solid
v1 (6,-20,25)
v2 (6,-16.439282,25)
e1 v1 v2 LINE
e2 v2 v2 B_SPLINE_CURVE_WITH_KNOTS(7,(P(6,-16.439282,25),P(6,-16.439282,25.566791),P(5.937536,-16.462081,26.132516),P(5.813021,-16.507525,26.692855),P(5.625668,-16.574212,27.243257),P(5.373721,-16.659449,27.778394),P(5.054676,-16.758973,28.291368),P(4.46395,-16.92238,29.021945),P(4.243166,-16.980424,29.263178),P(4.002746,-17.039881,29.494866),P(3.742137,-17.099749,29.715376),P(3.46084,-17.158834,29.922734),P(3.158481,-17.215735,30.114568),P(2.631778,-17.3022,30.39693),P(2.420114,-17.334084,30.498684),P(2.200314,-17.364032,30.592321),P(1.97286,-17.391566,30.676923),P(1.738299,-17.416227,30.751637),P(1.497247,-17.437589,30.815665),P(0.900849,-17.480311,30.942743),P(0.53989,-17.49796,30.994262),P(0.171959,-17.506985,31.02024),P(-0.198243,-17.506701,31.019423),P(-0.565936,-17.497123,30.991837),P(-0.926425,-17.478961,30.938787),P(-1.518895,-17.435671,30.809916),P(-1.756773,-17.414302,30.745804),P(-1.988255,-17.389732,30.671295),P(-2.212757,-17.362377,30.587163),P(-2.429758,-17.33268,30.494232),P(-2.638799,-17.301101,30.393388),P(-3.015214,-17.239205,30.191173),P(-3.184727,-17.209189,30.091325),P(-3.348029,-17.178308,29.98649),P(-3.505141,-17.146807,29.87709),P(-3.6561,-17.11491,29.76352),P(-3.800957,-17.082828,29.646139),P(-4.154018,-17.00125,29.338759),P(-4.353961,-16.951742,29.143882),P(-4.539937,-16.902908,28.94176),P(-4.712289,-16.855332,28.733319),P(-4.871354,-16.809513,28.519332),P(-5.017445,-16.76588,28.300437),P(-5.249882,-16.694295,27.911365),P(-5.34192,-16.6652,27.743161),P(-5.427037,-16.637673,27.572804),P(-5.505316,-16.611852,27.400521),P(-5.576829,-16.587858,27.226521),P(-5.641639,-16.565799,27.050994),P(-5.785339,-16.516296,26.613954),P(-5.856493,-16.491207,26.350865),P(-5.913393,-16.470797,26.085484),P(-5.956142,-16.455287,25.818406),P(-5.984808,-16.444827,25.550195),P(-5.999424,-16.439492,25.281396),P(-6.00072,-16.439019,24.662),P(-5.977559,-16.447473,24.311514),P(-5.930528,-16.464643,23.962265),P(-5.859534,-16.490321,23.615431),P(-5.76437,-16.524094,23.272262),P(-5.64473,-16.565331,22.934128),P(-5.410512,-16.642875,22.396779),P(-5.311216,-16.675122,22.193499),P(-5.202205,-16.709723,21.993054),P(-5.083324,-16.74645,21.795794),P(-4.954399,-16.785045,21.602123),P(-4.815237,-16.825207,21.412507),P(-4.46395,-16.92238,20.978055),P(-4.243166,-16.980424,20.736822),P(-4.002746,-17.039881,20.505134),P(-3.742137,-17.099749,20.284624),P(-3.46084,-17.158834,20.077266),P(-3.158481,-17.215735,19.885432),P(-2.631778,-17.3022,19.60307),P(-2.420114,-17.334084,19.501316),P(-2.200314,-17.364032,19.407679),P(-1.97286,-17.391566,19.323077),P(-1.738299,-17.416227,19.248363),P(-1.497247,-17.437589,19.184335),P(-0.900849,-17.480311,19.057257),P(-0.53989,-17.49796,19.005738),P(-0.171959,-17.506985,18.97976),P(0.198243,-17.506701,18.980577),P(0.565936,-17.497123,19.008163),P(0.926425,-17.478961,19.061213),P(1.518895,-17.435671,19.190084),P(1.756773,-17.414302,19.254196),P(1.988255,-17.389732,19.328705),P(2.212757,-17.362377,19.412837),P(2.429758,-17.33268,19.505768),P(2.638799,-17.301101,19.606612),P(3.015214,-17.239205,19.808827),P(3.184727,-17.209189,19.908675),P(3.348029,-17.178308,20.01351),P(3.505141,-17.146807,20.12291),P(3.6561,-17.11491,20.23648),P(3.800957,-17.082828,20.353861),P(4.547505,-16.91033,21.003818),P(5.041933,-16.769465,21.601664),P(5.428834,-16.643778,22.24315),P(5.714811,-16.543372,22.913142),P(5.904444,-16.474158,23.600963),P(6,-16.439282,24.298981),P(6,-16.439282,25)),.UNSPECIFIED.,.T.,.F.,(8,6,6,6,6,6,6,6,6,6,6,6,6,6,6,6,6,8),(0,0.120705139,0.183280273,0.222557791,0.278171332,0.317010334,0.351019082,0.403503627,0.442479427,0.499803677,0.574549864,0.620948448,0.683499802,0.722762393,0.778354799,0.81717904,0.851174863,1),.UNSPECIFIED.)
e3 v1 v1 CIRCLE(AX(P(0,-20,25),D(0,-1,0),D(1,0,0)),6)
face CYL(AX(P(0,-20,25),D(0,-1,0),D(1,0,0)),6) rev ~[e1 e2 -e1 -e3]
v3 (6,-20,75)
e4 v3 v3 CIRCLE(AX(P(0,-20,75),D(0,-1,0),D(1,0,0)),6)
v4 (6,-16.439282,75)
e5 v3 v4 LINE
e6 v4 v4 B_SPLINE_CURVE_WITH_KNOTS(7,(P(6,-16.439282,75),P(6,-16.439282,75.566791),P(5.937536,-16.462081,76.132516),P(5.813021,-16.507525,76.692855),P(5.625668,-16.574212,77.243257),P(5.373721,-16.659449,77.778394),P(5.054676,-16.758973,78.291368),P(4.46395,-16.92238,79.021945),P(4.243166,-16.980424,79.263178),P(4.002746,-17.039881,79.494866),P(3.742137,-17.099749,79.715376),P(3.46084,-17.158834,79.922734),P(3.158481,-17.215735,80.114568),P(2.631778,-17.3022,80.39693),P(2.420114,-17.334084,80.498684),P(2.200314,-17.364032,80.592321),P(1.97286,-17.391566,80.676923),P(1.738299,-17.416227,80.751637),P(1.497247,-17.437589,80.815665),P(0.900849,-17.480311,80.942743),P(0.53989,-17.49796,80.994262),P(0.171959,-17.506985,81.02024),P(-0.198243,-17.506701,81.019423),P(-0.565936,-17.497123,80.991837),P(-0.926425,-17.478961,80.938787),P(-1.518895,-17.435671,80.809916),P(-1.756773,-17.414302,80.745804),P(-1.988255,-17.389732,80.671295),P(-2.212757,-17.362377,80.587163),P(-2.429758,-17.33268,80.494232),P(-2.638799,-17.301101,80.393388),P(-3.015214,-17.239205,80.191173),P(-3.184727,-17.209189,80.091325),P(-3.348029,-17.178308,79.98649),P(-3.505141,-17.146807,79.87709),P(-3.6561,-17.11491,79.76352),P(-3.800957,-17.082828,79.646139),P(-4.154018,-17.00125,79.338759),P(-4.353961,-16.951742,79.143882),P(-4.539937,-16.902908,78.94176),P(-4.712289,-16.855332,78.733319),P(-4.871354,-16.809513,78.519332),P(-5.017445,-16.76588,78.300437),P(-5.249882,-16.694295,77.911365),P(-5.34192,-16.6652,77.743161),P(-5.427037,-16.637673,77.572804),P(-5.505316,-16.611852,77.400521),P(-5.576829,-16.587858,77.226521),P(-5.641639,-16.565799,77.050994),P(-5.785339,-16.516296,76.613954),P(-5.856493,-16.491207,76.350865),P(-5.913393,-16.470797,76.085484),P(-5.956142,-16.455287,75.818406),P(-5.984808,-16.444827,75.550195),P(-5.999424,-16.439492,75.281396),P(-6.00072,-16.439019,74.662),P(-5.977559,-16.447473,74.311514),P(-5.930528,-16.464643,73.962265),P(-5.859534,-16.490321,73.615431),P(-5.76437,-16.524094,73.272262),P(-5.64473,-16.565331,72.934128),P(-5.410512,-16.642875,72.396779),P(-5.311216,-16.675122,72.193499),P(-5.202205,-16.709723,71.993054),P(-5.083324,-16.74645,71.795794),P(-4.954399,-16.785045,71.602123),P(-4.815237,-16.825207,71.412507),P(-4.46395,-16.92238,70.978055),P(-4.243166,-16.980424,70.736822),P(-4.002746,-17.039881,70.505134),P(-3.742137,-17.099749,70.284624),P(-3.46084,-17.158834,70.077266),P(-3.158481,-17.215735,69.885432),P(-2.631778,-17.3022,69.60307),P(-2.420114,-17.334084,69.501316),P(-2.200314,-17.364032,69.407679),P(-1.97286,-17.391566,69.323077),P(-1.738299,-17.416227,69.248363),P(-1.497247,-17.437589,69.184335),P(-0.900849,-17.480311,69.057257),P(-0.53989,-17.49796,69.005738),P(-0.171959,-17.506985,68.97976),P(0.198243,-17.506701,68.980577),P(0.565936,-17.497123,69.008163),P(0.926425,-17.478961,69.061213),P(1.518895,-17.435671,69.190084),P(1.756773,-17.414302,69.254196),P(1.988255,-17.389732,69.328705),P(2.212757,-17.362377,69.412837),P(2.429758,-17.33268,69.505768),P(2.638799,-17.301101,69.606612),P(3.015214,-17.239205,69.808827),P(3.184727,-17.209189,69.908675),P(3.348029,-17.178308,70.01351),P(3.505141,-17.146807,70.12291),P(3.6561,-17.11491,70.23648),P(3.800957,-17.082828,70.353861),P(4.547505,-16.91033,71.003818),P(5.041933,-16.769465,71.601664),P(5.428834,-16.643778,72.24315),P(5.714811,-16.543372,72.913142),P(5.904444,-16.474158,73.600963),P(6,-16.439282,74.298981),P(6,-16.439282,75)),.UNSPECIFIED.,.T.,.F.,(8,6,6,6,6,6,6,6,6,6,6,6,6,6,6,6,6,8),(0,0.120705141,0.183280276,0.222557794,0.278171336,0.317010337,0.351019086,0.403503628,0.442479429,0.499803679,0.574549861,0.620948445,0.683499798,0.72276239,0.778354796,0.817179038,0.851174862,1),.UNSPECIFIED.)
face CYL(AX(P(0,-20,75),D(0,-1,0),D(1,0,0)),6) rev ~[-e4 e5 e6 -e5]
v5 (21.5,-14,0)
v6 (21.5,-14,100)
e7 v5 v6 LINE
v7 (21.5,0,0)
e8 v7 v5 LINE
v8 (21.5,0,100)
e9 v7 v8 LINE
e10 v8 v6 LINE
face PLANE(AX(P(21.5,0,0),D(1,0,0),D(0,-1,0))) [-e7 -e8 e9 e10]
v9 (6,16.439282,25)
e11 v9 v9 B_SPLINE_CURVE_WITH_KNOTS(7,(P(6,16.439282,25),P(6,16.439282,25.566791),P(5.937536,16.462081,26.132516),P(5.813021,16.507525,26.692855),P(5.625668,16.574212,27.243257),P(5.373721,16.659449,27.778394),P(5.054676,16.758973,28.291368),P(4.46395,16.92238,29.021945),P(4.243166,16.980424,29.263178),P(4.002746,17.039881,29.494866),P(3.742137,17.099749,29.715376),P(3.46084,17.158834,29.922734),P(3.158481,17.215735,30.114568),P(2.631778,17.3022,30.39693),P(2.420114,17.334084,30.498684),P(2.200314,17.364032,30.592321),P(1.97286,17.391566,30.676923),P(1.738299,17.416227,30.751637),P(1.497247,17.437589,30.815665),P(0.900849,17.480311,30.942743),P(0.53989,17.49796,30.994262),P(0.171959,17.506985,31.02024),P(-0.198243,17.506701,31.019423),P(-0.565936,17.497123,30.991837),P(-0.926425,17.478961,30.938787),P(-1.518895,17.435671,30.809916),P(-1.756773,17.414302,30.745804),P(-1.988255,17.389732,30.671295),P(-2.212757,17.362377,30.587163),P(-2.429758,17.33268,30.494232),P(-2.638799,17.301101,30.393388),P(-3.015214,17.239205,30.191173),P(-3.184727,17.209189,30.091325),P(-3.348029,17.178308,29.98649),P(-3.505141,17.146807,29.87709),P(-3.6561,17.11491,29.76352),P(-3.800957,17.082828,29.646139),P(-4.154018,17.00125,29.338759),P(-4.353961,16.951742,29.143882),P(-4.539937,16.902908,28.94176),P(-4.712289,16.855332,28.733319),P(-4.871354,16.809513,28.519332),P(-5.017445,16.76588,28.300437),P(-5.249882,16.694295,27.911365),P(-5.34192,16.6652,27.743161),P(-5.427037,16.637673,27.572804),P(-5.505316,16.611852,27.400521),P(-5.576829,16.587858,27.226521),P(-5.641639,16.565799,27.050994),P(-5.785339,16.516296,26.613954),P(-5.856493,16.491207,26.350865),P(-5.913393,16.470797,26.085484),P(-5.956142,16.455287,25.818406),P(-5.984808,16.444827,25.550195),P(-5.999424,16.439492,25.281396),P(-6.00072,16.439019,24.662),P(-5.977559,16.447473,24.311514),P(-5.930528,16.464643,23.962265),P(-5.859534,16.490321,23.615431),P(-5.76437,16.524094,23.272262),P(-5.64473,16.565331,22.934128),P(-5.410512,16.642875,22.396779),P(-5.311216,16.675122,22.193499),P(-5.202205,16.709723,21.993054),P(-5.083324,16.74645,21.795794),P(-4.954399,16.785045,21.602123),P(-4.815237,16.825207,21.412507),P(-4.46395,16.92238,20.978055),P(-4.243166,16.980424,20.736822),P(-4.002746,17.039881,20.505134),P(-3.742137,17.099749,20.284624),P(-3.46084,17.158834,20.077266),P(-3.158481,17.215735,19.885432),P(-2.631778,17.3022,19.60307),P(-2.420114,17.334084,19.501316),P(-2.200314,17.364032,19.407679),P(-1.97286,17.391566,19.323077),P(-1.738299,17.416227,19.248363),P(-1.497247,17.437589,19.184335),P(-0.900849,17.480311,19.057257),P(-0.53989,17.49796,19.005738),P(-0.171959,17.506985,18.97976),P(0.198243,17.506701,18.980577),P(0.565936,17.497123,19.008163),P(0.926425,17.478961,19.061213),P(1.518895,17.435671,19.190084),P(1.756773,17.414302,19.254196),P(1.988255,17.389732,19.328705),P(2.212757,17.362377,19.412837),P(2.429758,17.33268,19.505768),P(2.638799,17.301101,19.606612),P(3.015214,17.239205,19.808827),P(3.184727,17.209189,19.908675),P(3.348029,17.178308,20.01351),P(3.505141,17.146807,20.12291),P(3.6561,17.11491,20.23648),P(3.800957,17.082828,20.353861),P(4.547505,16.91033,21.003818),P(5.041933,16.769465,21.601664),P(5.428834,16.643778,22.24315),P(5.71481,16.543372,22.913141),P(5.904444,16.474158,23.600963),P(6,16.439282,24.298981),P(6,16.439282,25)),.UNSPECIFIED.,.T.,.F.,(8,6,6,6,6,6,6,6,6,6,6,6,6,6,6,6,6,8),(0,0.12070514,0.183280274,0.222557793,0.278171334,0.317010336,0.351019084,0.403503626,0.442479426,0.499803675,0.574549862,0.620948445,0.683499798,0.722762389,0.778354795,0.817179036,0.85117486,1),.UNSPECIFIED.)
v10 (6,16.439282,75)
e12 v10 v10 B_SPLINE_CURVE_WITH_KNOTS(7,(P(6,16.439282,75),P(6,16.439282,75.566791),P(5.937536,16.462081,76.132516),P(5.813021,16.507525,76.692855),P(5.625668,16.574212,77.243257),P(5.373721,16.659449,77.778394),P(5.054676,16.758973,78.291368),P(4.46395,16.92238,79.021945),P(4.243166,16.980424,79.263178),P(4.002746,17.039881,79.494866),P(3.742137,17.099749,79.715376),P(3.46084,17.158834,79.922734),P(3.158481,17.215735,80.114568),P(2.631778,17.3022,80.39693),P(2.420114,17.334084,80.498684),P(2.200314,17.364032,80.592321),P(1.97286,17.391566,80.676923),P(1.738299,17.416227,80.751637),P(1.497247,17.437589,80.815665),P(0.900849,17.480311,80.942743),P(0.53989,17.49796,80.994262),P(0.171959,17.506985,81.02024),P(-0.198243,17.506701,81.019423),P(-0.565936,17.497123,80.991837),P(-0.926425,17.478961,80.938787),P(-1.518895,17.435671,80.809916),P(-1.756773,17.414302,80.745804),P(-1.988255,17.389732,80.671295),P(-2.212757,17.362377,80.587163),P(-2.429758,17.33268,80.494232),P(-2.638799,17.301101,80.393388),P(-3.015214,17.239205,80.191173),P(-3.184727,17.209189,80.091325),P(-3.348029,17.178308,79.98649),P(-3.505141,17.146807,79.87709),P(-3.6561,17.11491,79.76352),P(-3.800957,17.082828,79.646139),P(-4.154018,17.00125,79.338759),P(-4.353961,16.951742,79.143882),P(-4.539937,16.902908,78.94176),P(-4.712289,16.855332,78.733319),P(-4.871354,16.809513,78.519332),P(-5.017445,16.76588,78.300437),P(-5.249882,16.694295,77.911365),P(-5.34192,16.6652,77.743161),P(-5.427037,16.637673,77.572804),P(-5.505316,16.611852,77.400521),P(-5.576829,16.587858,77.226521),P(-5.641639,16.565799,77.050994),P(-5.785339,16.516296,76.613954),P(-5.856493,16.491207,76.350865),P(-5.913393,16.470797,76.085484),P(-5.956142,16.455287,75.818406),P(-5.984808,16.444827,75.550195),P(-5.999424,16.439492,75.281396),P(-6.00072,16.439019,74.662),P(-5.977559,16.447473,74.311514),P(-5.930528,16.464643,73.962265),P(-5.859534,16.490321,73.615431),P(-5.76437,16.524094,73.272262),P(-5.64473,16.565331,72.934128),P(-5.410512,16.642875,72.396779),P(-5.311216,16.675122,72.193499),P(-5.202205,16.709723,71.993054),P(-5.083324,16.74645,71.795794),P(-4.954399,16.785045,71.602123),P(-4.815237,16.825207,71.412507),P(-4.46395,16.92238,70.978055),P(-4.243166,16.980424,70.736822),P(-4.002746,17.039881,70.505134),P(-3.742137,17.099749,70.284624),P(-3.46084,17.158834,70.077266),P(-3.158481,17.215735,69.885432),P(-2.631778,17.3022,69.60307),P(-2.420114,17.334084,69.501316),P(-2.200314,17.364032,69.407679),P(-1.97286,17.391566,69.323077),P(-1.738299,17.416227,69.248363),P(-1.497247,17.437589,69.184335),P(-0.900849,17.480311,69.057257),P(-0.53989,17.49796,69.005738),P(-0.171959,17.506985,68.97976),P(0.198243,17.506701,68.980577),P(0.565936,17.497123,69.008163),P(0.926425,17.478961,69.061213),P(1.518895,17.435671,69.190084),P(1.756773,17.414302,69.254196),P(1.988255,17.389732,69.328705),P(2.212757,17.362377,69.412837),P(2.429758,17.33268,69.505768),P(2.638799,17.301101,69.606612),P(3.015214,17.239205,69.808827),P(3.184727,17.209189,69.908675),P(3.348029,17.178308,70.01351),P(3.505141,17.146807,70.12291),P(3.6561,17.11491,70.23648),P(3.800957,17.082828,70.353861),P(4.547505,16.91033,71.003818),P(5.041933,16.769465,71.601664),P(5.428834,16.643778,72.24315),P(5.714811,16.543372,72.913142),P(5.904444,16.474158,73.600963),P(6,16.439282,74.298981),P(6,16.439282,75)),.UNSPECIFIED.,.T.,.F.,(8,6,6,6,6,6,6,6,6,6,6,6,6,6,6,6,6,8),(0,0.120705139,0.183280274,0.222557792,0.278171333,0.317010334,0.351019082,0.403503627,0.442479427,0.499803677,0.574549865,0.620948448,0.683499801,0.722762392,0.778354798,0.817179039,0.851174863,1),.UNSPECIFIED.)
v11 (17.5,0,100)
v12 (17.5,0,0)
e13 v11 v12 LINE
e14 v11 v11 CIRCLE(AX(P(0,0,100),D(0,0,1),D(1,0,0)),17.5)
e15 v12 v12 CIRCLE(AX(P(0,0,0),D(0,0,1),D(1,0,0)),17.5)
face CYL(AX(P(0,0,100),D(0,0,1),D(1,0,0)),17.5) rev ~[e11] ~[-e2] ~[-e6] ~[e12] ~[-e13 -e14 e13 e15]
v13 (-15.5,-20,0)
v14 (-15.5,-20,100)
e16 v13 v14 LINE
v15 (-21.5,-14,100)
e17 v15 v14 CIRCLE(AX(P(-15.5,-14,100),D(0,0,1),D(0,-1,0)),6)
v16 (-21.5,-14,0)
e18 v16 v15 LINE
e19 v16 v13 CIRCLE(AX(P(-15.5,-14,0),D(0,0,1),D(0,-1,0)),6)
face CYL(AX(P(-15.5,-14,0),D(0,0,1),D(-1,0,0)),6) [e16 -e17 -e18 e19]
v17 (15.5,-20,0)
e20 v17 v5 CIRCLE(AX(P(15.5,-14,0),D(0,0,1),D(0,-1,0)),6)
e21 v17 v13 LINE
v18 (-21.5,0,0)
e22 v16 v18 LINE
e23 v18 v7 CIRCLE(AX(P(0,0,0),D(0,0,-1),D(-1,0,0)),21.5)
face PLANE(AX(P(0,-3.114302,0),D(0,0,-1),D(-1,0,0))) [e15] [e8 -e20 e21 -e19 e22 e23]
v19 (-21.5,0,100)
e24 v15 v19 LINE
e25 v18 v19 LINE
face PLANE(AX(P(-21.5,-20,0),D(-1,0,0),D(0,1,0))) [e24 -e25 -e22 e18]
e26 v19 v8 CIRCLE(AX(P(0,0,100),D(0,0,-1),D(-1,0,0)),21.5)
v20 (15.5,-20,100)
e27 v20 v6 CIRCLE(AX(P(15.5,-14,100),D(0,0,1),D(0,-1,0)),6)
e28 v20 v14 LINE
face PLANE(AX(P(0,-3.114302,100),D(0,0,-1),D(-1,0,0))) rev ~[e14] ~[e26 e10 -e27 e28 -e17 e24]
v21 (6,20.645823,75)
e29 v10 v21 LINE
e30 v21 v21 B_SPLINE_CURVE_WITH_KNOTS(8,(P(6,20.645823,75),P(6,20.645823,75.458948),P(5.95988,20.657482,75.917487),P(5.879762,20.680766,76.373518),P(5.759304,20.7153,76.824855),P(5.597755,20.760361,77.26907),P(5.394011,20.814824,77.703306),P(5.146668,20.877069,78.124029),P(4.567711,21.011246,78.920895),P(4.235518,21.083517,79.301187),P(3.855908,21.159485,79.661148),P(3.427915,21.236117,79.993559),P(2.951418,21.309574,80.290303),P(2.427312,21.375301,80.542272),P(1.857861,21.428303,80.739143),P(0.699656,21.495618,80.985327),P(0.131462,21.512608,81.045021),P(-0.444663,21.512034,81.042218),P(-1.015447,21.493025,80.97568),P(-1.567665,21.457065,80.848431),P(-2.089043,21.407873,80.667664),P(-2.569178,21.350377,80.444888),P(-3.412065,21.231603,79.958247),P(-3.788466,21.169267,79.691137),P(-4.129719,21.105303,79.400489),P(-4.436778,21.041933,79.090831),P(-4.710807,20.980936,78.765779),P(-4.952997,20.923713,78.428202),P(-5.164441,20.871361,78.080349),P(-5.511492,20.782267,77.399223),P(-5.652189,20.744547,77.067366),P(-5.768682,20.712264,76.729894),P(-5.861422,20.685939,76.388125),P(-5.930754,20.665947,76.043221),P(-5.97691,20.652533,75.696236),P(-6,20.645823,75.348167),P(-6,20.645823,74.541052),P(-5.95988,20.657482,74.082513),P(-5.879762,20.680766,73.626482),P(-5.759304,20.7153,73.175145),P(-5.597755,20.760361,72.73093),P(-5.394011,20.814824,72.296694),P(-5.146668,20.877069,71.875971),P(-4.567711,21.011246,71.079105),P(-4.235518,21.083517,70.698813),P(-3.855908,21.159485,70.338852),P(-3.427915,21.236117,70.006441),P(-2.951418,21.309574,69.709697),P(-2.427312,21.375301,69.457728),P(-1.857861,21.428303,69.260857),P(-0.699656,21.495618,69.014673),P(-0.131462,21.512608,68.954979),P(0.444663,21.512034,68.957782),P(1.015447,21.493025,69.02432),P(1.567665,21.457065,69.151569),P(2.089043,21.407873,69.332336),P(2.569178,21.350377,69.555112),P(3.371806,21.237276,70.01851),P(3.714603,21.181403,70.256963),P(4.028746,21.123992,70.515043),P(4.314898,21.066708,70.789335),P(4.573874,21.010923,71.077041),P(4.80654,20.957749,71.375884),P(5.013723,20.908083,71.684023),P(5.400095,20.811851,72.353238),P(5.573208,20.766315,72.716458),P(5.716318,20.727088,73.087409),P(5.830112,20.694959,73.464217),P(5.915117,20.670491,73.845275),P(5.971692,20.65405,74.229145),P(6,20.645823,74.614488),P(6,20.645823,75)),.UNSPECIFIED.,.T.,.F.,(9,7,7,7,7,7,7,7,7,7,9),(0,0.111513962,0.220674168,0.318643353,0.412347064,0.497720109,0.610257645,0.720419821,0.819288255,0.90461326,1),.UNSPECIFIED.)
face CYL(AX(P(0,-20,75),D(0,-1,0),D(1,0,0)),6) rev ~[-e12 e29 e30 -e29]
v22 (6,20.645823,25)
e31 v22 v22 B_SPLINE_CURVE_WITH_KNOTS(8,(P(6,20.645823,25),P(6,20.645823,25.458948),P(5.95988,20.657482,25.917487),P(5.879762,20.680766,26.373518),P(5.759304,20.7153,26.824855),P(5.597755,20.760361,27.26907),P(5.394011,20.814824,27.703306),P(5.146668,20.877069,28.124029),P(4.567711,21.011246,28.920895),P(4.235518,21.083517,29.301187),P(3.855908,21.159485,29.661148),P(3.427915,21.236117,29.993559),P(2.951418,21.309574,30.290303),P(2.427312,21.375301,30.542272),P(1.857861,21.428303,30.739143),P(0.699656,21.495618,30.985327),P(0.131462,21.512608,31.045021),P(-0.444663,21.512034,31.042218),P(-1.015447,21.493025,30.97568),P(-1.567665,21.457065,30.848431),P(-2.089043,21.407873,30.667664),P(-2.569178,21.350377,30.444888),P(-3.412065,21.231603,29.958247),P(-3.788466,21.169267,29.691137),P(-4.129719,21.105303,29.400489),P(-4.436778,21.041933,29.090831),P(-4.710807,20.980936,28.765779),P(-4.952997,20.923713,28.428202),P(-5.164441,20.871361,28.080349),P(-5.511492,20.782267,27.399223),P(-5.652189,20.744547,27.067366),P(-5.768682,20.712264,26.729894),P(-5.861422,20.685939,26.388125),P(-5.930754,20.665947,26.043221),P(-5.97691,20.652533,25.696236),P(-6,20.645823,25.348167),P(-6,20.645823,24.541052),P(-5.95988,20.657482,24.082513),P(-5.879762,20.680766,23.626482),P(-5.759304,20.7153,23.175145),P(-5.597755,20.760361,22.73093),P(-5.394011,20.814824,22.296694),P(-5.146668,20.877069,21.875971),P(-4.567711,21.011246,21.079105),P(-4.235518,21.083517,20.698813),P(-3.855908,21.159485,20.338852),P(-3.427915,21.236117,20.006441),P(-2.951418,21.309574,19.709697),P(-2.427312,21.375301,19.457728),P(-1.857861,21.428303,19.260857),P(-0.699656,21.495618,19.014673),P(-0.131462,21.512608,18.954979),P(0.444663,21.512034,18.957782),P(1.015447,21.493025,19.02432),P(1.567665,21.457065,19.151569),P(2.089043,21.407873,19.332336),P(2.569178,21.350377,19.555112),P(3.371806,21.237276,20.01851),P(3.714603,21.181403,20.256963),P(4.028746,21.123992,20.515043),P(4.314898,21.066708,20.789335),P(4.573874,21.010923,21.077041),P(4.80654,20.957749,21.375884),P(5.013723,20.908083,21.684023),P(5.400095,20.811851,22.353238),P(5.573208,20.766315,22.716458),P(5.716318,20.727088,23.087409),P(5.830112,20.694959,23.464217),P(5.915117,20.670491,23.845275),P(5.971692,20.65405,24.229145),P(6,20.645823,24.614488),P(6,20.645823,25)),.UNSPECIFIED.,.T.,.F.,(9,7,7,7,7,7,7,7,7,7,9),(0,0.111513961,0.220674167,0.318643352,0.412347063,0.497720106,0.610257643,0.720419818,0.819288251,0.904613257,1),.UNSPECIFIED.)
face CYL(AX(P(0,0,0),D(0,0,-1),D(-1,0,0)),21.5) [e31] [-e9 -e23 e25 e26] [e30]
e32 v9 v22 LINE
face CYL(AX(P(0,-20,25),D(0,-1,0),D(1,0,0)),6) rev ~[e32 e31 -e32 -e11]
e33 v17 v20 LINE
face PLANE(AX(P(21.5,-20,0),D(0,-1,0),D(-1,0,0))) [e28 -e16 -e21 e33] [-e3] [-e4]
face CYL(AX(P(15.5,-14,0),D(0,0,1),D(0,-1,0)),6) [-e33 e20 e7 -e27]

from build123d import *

# Parameters (mm, degrees)
BASE_EXTRUDE_DEPTH = 100
SKETCH2_R          = 17.5
CUT_EXTRUDE1_DEPTH = 105.52033295
SKETCH3_R          = 6
CUT_EXTRUDE2_DEPTH = 111.383422668
FILLET1_R          = 6


with BuildPart() as part:
    # Sketch1 → Base-Extrude (new body)
    with BuildSketch(Plane.XY):
        with BuildLine():
            Line((-21.5, -20), (-21.5, 0))
            ThreePointArc((-21.5, 0), (0, 21.5), (21.5, 0))
            Line((21.5, 0), (21.5, -20))
            Line((21.5, -20), (-21.5, -20))
        make_face()
    extrude(amount=BASE_EXTRUDE_DEPTH)

    # Sketch2 → Cut-Extrude1 (cut, through all)
    with BuildSketch(Plane.XY.offset(100)):
        Circle(SKETCH2_R)
    extrude(amount=-CUT_EXTRUDE1_DEPTH, mode=Mode.SUBTRACT)

    # Sketch3 → Cut-Extrude2 (cut, through all)
    with BuildSketch(Plane.XZ.offset(20)):
        with Locations((0, 25)):
            Circle(SKETCH3_R)
        with Locations((0, 75)):
            Circle(SKETCH3_R)
    extrude(amount=-CUT_EXTRUDE2_DEPTH, mode=Mode.SUBTRACT)

    # Fillet1
    fillet1_edges = [part.edges().sort_by_distance(p)[0] for p in [
        (21.5, -20, 50),
        (-21.5, -20, 50),
    ]]
    fillet(fillet1_edges, radius=FILLET1_R)


solid = part.part
